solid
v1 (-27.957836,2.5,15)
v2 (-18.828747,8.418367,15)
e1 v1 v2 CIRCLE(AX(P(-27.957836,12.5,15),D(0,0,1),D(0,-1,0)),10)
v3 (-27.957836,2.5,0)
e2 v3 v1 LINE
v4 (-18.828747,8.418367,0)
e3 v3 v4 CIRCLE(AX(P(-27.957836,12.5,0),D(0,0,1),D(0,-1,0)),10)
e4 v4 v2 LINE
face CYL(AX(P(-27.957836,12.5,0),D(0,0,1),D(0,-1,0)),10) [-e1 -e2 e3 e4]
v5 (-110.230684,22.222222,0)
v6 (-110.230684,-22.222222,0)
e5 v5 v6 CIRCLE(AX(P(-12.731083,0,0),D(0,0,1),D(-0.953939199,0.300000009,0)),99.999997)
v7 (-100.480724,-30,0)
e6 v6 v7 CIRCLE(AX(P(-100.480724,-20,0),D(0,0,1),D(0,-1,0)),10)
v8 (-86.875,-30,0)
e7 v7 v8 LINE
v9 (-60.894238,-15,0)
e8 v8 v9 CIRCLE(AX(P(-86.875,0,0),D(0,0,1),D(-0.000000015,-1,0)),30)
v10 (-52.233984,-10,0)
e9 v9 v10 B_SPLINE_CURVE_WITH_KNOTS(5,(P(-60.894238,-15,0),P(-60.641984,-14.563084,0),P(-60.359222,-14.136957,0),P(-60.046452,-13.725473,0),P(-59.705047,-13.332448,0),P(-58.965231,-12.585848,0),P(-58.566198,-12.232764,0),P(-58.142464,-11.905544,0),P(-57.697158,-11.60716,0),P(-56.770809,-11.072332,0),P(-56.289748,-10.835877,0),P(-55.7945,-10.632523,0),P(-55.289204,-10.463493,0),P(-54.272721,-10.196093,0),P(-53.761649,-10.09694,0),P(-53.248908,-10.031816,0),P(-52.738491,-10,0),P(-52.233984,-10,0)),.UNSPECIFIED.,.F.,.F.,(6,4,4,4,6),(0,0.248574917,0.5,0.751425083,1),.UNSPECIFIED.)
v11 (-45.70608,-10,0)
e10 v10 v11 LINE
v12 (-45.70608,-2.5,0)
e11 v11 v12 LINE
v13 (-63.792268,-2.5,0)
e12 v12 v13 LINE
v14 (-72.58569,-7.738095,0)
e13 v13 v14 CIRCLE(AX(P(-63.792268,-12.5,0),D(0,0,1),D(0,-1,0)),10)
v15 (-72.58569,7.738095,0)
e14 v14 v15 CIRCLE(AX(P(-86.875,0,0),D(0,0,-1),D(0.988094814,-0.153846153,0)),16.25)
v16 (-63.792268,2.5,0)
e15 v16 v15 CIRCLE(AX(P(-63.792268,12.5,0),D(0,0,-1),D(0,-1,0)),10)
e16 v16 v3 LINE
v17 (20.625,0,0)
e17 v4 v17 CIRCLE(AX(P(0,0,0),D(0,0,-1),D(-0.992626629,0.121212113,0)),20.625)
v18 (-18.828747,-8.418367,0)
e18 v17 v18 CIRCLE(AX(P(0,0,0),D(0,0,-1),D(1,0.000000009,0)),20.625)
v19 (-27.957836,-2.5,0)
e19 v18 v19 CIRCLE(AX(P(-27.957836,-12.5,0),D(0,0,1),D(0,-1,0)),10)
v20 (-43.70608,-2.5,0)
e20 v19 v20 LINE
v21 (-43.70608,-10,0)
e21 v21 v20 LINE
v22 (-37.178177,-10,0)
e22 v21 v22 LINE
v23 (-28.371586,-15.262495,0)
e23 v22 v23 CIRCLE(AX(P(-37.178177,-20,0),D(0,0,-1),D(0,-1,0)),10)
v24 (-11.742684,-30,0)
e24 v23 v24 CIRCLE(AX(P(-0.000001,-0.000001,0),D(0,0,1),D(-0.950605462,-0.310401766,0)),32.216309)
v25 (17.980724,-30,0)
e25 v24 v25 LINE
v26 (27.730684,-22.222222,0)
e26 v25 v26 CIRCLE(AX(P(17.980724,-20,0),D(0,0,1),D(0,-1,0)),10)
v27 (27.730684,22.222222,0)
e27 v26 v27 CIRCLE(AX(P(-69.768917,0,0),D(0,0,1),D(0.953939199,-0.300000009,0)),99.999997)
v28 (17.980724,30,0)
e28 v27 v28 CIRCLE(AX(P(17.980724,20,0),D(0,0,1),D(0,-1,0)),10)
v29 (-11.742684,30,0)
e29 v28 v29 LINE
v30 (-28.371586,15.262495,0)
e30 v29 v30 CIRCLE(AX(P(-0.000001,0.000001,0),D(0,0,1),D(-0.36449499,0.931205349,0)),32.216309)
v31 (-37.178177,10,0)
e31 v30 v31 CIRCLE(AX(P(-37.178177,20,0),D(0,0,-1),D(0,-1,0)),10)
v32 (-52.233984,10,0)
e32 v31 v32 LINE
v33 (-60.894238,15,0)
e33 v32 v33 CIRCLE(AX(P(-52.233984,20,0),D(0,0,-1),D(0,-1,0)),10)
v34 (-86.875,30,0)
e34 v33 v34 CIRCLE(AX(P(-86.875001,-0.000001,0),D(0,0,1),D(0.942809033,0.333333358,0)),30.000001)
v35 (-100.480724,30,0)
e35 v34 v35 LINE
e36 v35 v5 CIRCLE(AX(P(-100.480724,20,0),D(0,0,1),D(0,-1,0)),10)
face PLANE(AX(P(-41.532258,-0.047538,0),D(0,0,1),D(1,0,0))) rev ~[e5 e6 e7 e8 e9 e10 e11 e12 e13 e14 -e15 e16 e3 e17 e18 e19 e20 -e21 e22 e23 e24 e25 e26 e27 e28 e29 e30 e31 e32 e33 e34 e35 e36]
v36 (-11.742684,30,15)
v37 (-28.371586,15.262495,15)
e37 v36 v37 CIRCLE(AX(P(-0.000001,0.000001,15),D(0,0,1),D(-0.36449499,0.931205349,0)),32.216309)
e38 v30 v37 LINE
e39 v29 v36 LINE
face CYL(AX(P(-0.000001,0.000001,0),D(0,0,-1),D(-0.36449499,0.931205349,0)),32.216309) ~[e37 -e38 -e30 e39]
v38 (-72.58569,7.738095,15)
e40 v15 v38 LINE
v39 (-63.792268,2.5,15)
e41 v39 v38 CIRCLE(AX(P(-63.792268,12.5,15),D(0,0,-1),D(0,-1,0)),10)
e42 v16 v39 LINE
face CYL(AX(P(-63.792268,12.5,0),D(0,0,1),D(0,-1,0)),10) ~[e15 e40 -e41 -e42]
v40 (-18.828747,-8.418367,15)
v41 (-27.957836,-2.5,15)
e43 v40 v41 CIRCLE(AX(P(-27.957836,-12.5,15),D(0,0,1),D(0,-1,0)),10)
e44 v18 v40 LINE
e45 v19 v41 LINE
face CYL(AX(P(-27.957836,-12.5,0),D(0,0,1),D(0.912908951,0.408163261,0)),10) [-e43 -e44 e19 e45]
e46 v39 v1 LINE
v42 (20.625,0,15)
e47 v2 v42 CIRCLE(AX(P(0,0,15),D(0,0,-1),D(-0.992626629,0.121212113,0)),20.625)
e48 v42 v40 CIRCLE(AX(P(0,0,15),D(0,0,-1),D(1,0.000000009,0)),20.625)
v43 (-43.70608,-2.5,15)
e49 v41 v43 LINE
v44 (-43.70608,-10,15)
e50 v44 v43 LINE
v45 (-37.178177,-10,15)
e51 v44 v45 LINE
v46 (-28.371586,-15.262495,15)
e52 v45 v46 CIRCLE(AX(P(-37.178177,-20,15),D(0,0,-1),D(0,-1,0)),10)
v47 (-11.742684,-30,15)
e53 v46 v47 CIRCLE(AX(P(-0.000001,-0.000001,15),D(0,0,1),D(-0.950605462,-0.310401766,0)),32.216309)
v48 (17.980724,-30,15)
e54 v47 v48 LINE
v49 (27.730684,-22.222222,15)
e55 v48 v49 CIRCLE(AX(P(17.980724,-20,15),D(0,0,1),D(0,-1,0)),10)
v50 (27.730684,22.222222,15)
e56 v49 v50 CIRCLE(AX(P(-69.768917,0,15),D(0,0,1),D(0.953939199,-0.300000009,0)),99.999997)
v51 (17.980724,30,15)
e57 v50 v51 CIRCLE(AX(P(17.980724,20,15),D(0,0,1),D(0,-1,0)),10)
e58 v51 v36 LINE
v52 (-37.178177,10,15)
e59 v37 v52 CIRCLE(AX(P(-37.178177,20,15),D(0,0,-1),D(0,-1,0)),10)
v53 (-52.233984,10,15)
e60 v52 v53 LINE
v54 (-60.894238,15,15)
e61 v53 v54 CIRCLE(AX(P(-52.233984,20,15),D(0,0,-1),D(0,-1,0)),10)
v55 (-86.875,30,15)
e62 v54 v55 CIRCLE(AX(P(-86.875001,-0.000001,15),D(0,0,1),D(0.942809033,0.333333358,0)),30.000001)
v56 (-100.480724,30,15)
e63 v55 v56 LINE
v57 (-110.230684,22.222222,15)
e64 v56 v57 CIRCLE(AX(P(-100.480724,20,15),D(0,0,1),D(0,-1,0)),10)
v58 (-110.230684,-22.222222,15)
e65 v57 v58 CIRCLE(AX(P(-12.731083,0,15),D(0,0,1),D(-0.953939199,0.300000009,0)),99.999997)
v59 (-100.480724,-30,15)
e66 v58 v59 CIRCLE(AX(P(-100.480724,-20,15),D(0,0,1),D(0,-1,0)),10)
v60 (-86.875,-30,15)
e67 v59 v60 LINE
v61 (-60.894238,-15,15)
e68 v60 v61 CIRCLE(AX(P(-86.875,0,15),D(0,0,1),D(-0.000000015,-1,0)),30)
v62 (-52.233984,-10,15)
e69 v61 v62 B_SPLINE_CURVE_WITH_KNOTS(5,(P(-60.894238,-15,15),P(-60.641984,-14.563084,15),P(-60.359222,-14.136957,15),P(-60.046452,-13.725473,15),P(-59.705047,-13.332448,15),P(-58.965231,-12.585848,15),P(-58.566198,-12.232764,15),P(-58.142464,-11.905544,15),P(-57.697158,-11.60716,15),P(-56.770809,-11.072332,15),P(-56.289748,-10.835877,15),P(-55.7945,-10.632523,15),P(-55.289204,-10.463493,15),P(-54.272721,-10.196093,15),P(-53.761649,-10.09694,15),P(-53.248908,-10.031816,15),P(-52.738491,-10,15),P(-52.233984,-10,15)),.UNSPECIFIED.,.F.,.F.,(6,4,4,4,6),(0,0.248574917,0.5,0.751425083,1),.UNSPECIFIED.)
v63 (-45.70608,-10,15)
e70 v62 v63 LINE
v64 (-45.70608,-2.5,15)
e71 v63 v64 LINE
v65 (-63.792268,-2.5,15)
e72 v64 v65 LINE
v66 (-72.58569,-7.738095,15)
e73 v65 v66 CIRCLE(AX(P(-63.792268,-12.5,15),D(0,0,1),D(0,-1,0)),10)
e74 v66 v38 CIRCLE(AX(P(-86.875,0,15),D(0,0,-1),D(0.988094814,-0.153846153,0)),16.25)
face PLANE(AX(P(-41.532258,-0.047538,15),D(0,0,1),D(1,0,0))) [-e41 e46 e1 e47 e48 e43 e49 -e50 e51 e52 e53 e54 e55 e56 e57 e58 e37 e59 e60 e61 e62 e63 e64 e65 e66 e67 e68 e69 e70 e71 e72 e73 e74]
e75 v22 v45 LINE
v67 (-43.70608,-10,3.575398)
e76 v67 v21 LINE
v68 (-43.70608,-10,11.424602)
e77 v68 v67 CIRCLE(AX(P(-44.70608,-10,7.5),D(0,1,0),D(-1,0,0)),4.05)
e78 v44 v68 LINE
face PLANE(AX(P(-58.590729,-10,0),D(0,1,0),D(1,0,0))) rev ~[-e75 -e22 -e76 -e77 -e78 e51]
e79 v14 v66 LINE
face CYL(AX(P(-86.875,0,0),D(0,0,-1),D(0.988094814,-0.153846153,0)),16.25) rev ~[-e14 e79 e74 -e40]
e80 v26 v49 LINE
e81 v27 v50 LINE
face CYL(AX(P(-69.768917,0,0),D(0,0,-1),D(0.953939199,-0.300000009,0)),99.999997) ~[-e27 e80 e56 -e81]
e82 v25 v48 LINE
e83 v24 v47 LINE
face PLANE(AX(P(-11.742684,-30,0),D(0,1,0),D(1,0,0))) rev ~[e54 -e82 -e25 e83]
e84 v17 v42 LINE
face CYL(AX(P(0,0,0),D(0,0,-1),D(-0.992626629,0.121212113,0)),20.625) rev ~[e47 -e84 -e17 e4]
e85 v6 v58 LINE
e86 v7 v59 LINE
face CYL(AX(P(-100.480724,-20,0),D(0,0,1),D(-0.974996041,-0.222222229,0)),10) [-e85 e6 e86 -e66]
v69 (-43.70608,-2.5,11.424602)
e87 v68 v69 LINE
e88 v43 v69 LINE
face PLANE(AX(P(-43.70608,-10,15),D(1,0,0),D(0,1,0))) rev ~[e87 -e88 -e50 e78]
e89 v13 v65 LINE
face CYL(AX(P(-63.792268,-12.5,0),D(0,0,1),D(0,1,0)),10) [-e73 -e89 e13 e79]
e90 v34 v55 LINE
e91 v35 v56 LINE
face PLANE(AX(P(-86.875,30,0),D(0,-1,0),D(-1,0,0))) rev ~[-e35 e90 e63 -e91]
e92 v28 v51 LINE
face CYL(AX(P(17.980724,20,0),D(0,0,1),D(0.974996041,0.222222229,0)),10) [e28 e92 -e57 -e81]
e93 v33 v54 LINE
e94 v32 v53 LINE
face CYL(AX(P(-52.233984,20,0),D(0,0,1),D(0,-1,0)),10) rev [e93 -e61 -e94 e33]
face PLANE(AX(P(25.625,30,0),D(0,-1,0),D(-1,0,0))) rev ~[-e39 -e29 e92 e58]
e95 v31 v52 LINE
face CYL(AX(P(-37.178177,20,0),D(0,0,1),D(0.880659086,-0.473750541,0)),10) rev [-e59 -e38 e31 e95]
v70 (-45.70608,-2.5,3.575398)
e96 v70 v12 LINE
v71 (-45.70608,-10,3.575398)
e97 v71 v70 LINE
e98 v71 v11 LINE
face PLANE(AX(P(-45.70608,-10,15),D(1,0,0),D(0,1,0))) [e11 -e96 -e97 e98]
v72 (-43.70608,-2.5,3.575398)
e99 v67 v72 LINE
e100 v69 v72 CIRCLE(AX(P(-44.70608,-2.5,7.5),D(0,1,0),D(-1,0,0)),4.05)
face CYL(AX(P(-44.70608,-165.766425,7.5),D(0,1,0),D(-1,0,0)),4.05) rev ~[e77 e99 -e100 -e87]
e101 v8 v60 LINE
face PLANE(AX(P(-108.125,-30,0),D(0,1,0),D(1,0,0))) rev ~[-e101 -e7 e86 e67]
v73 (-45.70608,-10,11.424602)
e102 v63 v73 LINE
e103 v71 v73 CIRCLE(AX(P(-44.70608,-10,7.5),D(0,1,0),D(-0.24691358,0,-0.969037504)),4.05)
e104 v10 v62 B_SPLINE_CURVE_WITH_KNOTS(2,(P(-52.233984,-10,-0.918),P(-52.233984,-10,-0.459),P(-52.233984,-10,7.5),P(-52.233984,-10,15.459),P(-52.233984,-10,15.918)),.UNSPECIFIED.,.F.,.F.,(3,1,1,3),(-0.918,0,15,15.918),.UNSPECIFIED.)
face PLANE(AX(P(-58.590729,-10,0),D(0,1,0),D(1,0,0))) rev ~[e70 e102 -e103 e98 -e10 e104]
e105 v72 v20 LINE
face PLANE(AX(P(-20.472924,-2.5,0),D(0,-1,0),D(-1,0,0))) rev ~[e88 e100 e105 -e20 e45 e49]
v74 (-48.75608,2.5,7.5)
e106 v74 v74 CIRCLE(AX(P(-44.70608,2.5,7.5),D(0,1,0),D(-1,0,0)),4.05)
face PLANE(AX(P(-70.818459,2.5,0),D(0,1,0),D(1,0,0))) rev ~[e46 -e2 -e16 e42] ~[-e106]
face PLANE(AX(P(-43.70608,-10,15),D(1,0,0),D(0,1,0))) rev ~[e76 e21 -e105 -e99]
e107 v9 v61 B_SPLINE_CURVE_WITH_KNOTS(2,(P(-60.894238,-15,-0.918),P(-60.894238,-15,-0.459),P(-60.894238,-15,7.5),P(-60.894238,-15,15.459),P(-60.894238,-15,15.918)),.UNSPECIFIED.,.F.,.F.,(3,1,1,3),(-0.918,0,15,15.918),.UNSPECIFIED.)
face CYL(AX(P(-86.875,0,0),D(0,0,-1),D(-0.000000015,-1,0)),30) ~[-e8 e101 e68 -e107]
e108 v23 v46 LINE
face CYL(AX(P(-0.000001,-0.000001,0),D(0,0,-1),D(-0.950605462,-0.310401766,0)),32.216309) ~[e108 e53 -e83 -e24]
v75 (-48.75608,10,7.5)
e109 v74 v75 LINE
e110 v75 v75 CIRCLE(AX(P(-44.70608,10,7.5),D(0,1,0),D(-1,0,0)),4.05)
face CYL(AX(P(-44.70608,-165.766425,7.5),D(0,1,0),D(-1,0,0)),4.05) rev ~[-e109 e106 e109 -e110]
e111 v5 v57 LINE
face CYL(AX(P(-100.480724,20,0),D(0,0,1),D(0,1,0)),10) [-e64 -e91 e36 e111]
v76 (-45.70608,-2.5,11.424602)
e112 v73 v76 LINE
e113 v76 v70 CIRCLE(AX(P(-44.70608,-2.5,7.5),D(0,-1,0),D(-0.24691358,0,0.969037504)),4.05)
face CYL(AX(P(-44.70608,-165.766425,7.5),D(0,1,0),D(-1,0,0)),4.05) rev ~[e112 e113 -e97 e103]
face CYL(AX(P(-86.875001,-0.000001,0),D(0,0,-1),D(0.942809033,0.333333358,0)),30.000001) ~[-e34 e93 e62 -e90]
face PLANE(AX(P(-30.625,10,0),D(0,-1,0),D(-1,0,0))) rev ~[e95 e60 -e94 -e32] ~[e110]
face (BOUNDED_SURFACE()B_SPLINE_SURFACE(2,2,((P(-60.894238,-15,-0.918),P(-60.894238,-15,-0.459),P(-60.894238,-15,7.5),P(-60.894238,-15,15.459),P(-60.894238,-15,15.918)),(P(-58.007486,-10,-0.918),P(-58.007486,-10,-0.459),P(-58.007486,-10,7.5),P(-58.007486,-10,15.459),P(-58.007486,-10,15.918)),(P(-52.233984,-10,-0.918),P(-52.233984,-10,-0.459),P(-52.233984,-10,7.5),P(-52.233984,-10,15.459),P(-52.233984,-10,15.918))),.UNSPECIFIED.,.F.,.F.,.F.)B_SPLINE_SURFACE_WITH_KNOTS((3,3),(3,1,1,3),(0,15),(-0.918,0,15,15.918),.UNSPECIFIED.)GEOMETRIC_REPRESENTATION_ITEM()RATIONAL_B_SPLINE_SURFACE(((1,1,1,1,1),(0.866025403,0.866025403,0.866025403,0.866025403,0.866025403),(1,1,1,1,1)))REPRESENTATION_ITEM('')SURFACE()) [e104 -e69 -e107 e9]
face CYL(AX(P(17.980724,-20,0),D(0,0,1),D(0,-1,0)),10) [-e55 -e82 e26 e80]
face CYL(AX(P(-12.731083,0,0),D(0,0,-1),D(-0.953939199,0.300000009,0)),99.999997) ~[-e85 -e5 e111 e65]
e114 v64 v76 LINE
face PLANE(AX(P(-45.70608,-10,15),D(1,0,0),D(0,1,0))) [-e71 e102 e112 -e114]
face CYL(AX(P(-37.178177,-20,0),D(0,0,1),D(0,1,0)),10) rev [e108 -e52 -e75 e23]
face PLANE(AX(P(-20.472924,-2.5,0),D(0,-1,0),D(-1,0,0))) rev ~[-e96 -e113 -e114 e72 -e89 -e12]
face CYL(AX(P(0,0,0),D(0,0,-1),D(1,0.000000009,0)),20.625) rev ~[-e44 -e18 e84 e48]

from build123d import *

# Parameters (mm, degrees)
F1_DEPTH = 15
F2_R     = 10
F4_D     = 8.1
F5_W     = 2
F5_H     = 7.5
F6_DEPTH = 15.001


with BuildPart() as f1:
    # F0 (on Top) → F1 (new body)
    with BuildSketch(Plane.XY):
        with BuildLine():
            Line((25.625, -30), (25.625, 30))
            Line((25.625, 30), (-11.742684, 30))
            ThreePointArc((-11.742684, 30), (-23.425524, 22.116407), (-30.625, 10))
            Line((-30.625, 10), (-58.590729, 10))
            ThreePointArc((-58.590729, 10), (-69.554492, 24.494897), (-86.875, 30))
            Line((-86.875, 30), (-108.125, 30))
            Line((-108.125, 30), (-108.125, -30))
            Line((-108.125, -30), (-86.875, -30))
            ThreePointArc((-86.875, -30), (-71.638705, -25.842897), (-60.625, -14.523688))
            Line((-60.625, -14.523688), (-60.625, -10))
            Line((-60.625, -10), (-58.590729, -10))
            Line((-58.590729, -10), (-30.625, -10))
            ThreePointArc((-30.625, -10), (-23.425524, -22.116407), (-11.742684, -30))
            Line((-11.742684, -30), (25.625, -30))
        make_face()
        with BuildLine():
            ThreePointArc((-20.472924, 2.5), (1.252311, 20.586946), (20.625, 0))
            ThreePointArc((20.625, 0), (1.252311, -20.586946), (-20.472924, -2.5))
            Line((-20.472924, -2.5), (-70.818459, -2.5))
            ThreePointArc((-70.818459, -2.5), (-103.125, 0), (-70.818459, 2.5))
            Line((-70.818459, 2.5), (-20.472924, 2.5))
        make_face(mode=Mode.SUBTRACT)
        with BuildLine():
            ThreePointArc((25.625, -30), (30.23108, 0), (25.625, 30))
            Line((25.625, 30), (25.625, -30))
        make_face()
        with BuildLine():
            ThreePointArc((-60.625, -14.523688), (-59.514214, -12.303958), (-58.590729, -10))
            Line((-58.590729, -10), (-60.625, -10))
            Line((-60.625, -10), (-60.625, -14.523688))
        make_face()
        with BuildLine():
            Line((-108.125, -30), (-108.125, 30))
            ThreePointArc((-108.125, 30), (-112.73108, 0), (-108.125, -30))
        make_face()
    extrude(amount=F1_DEPTH)

    # F2
    f2_edges = [f1.edges().sort_by_distance(p)[0] for p in [
        (-108.125, -30, 7.5),
        (-108.125, 30, 7.5),
        (25.625, 30, 7.5),
        (25.625, -30, 7.5),
        (-20.472924, -2.5, 7.5),
        (-20.472924, 2.5, 7.5),
        (-70.818459, 2.5, 7.5),
        (-70.818459, -2.5, 7.5),
        (-58.590729, -10, 7.5),
        (-30.625, -10, 7.5),
        (-30.625, 10, 7.5),
        (-58.590729, 10, 7.5),
    ]]
    fillet(f2_edges, radius=F2_R)

    # F4 (through all)
    with Locations(Plane.XZ.offset(10)):
        with Locations((-44.70608, 7.5)):
            Hole(F4_D / 2)

    # F5 (on face) → F6 (cut, through all)
    with BuildSketch(Plane.XY.offset(15)):
        with Locations((-44.70608, -6.25)):
            Rectangle(F5_W, F5_H)
    extrude(amount=-F6_DEPTH, mode=Mode.SUBTRACT)


solid = f1.part
